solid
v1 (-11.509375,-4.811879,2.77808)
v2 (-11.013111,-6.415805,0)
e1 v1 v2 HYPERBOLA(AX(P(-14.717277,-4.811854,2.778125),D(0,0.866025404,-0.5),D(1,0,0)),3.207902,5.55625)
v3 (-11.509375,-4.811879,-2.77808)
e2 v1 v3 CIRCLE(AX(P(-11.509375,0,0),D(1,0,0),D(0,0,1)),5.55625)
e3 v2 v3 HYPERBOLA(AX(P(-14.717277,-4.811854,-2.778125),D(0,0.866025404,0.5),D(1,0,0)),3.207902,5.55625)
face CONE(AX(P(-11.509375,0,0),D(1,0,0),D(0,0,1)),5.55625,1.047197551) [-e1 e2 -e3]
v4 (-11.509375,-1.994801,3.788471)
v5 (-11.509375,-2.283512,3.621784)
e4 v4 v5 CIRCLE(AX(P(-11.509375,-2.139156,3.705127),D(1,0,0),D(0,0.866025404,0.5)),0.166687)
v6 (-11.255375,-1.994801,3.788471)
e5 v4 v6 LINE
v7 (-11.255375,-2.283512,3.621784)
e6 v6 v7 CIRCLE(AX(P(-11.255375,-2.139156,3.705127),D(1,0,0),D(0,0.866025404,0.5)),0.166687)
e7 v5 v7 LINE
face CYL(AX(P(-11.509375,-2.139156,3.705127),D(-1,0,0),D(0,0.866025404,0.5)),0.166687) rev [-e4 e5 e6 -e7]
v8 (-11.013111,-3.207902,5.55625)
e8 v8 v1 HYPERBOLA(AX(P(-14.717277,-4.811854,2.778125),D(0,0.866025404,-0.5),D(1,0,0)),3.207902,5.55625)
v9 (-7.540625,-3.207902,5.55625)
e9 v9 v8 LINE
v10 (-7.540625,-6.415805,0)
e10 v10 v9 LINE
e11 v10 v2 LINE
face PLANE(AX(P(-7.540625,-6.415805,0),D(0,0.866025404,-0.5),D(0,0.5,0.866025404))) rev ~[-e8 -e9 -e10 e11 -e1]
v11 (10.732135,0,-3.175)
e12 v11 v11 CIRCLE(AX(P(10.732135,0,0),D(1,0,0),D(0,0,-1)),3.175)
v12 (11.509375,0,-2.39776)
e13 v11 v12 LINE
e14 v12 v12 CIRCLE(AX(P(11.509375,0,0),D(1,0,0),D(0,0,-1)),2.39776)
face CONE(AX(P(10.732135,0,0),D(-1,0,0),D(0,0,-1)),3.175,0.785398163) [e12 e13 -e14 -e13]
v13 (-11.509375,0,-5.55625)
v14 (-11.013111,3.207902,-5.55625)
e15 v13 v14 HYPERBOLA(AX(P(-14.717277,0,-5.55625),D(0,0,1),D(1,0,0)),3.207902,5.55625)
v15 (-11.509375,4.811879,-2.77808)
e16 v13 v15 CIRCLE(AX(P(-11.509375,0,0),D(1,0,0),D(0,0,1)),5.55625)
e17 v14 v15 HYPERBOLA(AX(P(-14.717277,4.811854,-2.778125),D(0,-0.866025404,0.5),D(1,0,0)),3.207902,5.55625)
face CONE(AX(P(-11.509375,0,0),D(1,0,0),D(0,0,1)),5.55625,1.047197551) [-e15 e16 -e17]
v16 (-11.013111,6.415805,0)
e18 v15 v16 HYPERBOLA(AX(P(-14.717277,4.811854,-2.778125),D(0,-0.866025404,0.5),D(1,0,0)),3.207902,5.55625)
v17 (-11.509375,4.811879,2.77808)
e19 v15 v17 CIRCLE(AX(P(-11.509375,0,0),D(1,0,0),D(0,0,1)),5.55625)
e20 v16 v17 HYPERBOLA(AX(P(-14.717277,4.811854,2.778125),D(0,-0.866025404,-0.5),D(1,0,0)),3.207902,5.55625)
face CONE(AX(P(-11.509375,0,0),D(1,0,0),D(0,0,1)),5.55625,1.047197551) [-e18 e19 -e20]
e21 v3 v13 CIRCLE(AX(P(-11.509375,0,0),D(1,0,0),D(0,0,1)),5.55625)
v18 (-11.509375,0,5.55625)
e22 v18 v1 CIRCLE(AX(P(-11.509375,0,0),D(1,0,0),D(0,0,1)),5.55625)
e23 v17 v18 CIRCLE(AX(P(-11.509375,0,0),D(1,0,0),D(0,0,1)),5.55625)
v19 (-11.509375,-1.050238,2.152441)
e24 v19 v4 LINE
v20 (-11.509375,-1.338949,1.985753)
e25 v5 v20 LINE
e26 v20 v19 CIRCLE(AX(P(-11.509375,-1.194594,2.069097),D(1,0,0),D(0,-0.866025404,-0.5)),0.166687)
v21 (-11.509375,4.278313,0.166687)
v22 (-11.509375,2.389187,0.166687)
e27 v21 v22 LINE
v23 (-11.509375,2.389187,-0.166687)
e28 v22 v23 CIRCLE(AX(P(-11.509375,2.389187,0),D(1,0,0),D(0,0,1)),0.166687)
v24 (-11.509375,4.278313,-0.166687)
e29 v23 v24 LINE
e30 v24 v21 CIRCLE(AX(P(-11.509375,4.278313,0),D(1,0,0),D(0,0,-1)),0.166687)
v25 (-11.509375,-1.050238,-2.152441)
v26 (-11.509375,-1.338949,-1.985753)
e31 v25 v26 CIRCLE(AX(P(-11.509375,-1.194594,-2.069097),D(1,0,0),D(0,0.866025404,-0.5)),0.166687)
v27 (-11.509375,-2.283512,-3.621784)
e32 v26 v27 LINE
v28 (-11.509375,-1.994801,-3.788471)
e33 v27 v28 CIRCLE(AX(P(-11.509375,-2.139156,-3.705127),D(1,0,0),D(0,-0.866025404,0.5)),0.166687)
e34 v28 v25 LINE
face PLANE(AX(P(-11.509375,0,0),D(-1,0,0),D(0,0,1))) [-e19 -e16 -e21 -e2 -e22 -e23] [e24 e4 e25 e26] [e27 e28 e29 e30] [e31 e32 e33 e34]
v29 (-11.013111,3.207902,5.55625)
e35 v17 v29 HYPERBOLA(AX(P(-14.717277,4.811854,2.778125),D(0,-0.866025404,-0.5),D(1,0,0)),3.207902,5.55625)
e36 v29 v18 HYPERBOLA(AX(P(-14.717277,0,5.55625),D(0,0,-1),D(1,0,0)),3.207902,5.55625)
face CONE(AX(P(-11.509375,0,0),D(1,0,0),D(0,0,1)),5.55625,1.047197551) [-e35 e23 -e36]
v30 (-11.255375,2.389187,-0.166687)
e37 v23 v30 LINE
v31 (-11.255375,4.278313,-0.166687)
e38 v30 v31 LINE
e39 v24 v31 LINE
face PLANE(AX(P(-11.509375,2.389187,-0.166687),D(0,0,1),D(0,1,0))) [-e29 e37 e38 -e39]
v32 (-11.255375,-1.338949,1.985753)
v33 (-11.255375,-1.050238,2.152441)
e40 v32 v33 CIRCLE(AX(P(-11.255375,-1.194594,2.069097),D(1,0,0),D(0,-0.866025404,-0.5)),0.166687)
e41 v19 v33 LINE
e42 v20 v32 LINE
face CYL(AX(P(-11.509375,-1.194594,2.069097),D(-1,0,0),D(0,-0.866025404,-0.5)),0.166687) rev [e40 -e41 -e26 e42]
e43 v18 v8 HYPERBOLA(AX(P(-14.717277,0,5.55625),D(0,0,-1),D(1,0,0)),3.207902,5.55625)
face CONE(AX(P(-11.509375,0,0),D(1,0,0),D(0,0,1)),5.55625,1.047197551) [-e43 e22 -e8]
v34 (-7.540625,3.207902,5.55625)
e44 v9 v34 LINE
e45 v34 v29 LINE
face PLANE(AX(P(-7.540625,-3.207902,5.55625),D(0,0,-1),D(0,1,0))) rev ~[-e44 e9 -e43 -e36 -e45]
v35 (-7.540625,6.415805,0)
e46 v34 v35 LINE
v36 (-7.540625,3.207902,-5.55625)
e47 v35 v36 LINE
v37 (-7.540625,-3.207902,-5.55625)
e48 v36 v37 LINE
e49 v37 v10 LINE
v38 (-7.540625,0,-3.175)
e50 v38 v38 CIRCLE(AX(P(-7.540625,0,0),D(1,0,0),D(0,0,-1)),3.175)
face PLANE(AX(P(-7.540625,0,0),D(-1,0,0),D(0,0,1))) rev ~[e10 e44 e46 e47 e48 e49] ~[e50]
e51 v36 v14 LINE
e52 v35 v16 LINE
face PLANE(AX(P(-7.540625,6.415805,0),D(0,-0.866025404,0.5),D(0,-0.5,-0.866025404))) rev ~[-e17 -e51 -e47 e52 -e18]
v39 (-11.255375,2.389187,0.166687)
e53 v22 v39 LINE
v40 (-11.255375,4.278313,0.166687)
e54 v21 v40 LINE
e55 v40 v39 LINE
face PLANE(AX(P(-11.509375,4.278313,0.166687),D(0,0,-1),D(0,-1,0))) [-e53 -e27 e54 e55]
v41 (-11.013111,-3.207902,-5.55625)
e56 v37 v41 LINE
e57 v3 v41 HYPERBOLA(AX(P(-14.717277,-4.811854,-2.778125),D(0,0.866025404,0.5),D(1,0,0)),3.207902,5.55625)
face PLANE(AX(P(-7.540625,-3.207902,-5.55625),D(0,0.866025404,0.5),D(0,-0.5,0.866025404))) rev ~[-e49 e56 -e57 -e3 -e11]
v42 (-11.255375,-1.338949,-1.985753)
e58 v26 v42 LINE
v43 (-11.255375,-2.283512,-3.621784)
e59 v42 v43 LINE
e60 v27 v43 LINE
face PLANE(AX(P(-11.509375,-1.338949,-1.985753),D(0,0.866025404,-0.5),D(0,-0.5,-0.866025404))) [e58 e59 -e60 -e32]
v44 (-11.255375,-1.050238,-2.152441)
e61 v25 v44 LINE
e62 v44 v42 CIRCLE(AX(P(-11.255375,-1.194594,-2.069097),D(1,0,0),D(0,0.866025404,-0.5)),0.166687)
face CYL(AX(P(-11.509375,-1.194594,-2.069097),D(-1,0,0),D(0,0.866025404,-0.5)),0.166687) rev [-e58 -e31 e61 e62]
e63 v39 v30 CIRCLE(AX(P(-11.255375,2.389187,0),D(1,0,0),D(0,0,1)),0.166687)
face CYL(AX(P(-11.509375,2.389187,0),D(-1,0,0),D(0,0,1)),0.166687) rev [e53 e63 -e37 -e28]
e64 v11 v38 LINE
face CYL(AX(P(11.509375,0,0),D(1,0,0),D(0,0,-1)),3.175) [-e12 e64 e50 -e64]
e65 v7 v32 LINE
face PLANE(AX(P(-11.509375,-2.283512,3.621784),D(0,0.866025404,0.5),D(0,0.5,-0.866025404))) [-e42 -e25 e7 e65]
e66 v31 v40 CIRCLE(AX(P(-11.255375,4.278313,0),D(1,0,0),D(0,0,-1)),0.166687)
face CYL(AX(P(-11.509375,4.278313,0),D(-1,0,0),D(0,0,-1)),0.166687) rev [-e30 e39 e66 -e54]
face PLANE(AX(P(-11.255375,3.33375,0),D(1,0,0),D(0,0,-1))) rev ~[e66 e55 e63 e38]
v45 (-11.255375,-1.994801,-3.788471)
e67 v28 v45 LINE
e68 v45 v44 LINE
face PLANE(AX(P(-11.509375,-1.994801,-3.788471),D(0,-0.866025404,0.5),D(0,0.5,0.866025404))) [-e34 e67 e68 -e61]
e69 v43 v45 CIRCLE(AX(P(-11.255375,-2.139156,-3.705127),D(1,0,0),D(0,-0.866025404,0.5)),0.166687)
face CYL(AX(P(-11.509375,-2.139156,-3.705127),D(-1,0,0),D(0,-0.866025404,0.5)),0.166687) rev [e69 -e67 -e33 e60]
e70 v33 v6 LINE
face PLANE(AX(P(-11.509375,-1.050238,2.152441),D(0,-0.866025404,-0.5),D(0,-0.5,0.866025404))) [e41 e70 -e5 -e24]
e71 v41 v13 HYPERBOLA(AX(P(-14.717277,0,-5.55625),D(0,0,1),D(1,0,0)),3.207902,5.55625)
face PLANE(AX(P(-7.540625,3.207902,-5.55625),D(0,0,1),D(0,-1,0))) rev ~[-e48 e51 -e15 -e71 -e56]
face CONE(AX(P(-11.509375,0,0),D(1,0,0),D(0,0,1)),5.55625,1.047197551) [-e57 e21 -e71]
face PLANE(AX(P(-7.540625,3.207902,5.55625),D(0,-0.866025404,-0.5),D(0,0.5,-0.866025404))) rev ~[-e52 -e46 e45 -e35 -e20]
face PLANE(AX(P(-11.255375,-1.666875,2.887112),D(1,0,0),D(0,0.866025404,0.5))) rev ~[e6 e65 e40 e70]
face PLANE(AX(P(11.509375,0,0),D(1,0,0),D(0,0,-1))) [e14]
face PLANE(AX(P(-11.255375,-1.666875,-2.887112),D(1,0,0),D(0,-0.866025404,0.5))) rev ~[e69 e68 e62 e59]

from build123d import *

# Parameters (mm, degrees)
SKETCH5_R           = 3.175
BOSS_EXTRUDE3_DEPTH = 19.05
CHAMFER1_SIZE       = 0.77724
BOSS_EXTRUDE4_DEPTH = 3.96875
SKETCH8_OUTSIDE_W   = 102.036
SKETCH8_OUTSIDE_H   = 103.756
SKETCH8_OUTSIDE_R   = 5.55625
CUT_EXTRUDE3_DEPTH  = 24.01875
CUT_EXTRUDE3_TAPER  = 60
CUT_EXTRUDE4_DEPTH  = 0.254
CIRPATTERN1_COUNT   = 3


with BuildPart() as part:
    # Sketch5 → Boss-Extrude3 (new body)
    with BuildSketch(Plane(origin=(11.509375, 0, 0), x_dir=(0, 0, -1), z_dir=(1, 0, 0))):
        Circle(SKETCH5_R)
    extrude(amount=-BOSS_EXTRUDE3_DEPTH)

    # Chamfer1
    chamfer1_edges = [part.edges().sort_by_distance(p)[0] for p in [
        (11.509375, 0, 3.175),
    ]]
    chamfer(chamfer1_edges, length=CHAMFER1_SIZE)

    # Sketch6 → Boss-Extrude4 (add)
    with BuildSketch(Plane.ZY.offset(7.540625)):
        Polygon((5.55625, 3.207902433), (0, 6.415804866), (-5.55625, 3.207902433), (-5.55625, -3.207902433), (0, -6.415804866), (5.55625, -3.207902433), align=None)
    extrude(amount=BOSS_EXTRUDE4_DEPTH)

    # Sketch8 outside → Cut-Extrude3 (cut, through all)
    with BuildSketch(Plane.ZY.offset(11.509375)):
        Rectangle(SKETCH8_OUTSIDE_W, SKETCH8_OUTSIDE_H)
        Circle(SKETCH8_OUTSIDE_R, mode=Mode.SUBTRACT)
    extrude(amount=-CUT_EXTRUDE3_DEPTH, taper=CUT_EXTRUDE3_TAPER, mode=Mode.SUBTRACT)

    # Sketch12 → Cut-Extrude4 (cut)
    with BuildSketch(Plane.ZY.offset(11.509375)):
        with BuildLine():
            Line((0.1666875, 4.2783125), (0.1666875, 2.3891875))
            ThreePointArc((0.1666875, 2.3891875), (0, 2.2225), (-0.1666875, 2.3891875))
            Line((-0.1666875, 2.3891875), (-0.1666875, 4.2783125))
            ThreePointArc((-0.1666875, 4.2783125), (0, 4.445), (0.1666875, 4.2783125))
        make_face()
    cut_extrude4 = extrude(amount=-CUT_EXTRUDE4_DEPTH, mode=Mode.SUBTRACT)

    # CirPattern1: Cut-Extrude4 ×3 about axis
    cirpattern1_axis = Axis((0, 0, 0), (1, 0, 0))
    for i in range(1, CIRPATTERN1_COUNT):
        add(cut_extrude4.rotate(cirpattern1_axis, i * 360 / CIRPATTERN1_COUNT), mode=Mode.SUBTRACT)


solid = part.part
